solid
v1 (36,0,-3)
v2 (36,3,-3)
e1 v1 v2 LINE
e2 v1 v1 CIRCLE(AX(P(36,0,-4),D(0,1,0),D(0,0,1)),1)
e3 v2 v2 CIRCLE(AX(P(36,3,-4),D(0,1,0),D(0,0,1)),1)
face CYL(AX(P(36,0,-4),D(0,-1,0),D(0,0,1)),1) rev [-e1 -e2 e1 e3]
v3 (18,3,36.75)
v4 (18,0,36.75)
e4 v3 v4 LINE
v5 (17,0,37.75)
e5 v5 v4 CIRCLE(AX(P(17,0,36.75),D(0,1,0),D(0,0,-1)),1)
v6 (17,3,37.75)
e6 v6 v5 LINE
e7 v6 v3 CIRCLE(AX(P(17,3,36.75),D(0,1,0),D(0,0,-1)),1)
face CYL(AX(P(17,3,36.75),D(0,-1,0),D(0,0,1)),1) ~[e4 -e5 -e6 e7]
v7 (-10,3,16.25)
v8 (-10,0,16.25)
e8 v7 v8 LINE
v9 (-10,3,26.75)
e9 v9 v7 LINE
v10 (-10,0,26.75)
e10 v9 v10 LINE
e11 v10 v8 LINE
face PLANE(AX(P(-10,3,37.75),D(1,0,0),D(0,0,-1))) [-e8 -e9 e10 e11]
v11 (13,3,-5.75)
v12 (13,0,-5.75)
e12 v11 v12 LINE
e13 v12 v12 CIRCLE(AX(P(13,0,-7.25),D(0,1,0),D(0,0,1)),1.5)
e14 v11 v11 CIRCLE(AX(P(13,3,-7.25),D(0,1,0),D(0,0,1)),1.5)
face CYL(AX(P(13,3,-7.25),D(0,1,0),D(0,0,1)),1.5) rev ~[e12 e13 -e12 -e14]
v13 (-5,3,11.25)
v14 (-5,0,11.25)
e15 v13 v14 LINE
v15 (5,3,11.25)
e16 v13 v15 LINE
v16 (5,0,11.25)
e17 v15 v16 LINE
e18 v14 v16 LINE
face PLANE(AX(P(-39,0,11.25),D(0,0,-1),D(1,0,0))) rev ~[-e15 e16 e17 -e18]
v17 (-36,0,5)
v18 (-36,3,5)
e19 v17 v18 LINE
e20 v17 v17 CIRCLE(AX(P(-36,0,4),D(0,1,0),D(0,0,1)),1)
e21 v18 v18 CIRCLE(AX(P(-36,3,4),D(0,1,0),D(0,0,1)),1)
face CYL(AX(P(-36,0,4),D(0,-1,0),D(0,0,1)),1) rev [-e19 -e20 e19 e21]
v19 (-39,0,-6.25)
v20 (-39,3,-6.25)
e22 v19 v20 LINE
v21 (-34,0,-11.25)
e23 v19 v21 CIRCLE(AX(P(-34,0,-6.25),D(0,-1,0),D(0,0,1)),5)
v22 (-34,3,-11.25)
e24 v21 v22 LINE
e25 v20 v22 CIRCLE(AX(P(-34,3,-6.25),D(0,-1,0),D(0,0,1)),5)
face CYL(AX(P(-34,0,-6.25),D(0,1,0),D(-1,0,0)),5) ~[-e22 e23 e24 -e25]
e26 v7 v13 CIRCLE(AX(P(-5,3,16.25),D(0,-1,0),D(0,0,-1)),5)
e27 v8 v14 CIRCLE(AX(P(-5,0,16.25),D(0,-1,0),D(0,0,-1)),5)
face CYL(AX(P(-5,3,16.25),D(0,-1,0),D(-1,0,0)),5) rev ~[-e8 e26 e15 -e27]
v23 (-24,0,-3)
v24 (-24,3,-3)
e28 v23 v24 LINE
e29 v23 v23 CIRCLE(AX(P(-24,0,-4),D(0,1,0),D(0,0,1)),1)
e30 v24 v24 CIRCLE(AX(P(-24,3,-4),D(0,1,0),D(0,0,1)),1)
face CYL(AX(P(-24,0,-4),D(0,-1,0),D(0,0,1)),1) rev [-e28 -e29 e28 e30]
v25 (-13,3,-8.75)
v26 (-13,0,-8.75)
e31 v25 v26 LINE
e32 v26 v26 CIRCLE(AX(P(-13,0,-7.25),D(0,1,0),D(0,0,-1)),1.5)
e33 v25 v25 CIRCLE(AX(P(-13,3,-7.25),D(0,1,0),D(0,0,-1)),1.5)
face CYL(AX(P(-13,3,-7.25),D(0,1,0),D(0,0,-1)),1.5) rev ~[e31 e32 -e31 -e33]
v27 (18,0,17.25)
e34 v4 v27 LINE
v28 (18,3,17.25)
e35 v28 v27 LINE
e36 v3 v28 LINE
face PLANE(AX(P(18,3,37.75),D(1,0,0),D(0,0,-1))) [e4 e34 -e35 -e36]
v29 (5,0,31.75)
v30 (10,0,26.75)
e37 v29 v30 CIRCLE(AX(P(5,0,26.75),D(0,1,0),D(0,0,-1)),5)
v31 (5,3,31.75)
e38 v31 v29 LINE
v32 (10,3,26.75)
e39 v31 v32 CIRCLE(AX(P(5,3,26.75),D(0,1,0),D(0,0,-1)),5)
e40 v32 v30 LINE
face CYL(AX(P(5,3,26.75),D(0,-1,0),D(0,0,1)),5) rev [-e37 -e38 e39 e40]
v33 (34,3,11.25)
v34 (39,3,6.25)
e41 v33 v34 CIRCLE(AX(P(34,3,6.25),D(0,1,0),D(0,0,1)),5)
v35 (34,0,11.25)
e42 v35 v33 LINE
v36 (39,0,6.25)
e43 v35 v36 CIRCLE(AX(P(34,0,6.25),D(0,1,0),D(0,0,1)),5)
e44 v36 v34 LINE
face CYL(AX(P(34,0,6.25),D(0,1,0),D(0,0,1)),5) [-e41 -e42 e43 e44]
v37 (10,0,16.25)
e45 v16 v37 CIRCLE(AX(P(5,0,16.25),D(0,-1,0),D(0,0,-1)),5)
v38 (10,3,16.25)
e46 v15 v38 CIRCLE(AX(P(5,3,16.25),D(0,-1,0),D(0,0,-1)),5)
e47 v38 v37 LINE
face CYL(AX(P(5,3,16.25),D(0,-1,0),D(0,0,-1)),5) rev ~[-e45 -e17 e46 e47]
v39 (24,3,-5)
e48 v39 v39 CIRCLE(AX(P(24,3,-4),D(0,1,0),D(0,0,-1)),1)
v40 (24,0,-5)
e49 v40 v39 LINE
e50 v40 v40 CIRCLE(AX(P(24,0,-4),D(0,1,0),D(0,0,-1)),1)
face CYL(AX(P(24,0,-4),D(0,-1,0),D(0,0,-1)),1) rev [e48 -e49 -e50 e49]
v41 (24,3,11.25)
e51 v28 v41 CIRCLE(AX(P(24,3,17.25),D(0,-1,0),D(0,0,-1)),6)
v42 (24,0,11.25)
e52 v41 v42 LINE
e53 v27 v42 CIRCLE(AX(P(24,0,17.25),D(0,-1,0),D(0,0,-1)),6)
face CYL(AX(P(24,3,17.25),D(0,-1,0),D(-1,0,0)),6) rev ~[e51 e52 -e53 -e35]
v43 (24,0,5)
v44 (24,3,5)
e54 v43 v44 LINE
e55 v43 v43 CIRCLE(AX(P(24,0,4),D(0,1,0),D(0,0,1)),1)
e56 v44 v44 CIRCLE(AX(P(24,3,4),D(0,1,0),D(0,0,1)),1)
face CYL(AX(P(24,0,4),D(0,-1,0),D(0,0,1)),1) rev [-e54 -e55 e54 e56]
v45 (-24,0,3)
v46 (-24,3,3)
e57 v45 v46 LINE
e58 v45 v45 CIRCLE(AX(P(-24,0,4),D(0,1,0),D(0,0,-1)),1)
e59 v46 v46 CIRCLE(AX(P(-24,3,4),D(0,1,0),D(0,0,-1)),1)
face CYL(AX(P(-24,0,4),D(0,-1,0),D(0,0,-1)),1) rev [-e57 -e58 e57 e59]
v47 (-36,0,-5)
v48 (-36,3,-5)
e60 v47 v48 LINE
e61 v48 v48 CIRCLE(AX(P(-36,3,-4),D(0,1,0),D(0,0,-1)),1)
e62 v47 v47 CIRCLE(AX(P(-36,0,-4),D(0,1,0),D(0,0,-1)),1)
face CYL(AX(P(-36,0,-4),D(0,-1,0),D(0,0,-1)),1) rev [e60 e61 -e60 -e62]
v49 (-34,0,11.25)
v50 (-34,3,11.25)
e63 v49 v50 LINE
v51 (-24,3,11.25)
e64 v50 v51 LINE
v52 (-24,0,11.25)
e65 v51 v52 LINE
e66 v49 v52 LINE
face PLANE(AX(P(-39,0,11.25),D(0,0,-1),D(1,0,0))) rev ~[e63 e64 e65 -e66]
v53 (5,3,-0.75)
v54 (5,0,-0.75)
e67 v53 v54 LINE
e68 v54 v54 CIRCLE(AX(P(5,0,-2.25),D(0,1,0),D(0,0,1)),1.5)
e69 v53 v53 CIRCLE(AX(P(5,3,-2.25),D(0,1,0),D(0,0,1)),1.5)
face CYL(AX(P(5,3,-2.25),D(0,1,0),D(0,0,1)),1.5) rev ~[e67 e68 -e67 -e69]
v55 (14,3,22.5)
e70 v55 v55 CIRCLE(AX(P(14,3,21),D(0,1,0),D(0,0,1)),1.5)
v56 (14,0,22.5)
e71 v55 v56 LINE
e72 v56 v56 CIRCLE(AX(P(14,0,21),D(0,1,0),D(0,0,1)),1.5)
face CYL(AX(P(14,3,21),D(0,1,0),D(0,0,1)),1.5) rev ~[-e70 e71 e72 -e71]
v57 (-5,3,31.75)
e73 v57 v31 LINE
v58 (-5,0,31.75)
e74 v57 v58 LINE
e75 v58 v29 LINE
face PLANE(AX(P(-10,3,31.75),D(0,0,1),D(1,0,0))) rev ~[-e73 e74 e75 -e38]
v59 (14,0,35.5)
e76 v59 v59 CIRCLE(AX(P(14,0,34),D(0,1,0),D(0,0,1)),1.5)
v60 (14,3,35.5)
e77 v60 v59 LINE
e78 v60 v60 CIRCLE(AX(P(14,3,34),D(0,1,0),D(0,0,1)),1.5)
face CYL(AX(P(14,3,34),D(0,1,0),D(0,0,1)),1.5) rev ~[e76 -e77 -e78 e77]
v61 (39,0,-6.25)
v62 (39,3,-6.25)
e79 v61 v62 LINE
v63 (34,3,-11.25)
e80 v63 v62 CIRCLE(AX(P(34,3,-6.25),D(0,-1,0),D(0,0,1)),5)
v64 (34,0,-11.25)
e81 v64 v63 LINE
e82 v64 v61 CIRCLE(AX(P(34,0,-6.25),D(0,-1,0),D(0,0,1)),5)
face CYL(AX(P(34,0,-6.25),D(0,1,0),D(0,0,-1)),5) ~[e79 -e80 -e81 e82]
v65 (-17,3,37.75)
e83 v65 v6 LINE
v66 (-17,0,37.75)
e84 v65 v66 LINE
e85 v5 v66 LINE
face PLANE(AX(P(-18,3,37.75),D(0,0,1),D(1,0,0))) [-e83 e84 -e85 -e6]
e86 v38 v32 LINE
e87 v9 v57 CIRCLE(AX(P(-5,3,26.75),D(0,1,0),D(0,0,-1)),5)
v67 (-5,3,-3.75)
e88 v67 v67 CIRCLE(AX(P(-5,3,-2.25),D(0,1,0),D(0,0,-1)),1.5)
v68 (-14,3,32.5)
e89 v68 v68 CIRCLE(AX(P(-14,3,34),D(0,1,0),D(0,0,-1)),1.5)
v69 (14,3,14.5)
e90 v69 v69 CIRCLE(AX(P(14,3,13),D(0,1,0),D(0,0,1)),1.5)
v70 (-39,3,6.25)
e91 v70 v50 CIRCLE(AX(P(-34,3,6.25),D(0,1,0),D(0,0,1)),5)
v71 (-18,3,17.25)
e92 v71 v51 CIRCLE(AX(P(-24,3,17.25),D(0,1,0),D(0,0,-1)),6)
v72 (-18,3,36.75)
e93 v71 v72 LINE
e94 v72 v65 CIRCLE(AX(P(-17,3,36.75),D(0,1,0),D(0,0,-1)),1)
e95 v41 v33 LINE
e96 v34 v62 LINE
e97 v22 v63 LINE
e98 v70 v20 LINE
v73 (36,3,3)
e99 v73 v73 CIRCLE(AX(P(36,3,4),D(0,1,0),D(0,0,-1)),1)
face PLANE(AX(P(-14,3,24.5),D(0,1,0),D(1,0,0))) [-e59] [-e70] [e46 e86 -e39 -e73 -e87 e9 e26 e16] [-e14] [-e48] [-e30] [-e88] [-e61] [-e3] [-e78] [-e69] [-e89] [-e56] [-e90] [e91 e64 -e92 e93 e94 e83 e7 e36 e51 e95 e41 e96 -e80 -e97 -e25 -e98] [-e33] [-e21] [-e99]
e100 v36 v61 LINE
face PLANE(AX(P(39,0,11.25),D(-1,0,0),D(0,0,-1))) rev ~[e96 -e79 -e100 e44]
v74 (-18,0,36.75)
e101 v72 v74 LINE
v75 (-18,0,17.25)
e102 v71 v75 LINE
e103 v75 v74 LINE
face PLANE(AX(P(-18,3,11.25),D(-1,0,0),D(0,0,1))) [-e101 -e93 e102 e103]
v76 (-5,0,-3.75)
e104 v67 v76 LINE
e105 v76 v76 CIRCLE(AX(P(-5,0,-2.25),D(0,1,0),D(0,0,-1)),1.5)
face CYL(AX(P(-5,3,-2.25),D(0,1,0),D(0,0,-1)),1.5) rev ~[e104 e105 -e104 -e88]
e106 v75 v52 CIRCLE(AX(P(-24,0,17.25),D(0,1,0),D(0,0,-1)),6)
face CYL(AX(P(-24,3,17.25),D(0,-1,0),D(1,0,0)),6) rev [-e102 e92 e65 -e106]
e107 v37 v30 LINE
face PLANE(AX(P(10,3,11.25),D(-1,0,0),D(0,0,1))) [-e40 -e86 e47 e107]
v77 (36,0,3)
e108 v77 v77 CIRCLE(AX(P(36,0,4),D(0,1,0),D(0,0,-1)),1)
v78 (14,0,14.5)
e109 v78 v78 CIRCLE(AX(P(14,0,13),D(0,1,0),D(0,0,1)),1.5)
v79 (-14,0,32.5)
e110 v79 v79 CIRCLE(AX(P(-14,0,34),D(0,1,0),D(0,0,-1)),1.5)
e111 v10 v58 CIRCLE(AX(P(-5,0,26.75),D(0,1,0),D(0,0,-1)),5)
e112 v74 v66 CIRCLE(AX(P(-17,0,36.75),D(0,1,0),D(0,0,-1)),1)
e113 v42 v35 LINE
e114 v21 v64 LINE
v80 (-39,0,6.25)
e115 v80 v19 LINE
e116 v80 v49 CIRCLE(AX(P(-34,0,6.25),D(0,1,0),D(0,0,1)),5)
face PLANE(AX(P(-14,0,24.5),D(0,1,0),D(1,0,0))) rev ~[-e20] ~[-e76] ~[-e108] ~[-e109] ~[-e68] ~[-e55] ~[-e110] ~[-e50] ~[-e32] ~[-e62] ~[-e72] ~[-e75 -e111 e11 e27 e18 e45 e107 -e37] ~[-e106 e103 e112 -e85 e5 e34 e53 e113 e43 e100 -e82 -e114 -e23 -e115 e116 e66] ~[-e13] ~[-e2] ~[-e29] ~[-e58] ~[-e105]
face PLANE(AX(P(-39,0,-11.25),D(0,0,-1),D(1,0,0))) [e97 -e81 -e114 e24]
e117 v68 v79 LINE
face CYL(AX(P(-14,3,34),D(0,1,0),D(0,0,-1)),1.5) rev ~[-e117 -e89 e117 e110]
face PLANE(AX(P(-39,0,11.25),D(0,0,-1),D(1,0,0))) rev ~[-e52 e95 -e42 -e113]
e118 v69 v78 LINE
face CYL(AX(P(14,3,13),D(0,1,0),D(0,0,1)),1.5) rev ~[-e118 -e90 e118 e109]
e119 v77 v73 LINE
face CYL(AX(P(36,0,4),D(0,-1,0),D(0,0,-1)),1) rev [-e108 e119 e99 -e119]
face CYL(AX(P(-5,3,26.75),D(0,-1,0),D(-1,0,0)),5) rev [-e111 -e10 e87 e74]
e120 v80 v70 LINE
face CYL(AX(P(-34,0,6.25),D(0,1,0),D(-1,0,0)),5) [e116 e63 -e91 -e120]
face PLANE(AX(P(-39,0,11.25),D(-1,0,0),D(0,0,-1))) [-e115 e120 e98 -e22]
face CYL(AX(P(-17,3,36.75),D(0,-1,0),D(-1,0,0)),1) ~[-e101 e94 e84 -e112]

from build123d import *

# Parameters (mm, degrees)
SKETCH_1_W          = 78
SKETCH_1_H          = 22.5
SKETCH_1_R          = 1
EXTRUDE_1_DEPTH     = 3
FILLET_1_R          = 5
SKETCH_2_R          = 1.5
SKETCH_2_W          = 20
SKETCH_2_H          = 6
EXTRUDE_2_DEPTH     = 3
SKETCH_4_R          = 1.5
CUT_EXTRUDE_1_DEPTH = 29.5
SKETCH_6_R          = 1.5
CUT_EXTRUDE_3_DEPTH = 39
FILLET_7_R          = 6
SKETCH_7_R          = 1.5
CUT_EXTRUDE_4_DEPTH = 10
FILLET_9_R          = 1
FILLET_10_R         = 5


with BuildPart() as part:
    # 草图1 → 凸台-拉伸1 (new body)
    with BuildSketch(Plane(origin=(0, 0, 0), x_dir=(1, 0, 0), z_dir=(0, 1, 0))):
        Rectangle(SKETCH_1_W, SKETCH_1_H)
        with Locations(Location((36, 4, 0), (0, 0, 270))):
            Circle(SKETCH_1_R, mode=Mode.SUBTRACT)
        with Locations(Location((24, 4, 0), (0, 0, 90))):
            Circle(SKETCH_1_R, mode=Mode.SUBTRACT)
        with Locations(Location((36, -4, 0), (0, 0, 90))):
            Circle(SKETCH_1_R, mode=Mode.SUBTRACT)
        with Locations(Location((24, -4, 0), (0, 0, 270))):
            Circle(SKETCH_1_R, mode=Mode.SUBTRACT)
        with Locations(Location((-24, -4, 0), (0, 0, 90))):
            Circle(SKETCH_1_R, mode=Mode.SUBTRACT)
        with Locations(Location((-36, -4, 0), (0, 0, 270))):
            Circle(SKETCH_1_R, mode=Mode.SUBTRACT)
        with Locations(Location((-24, 4, 0), (0, 0, 270))):
            Circle(SKETCH_1_R, mode=Mode.SUBTRACT)
        with Locations(Location((-36, 4, 0), (0, 0, 90))):
            Circle(SKETCH_1_R, mode=Mode.SUBTRACT)
    extrude(amount=EXTRUDE_1_DEPTH)

    # 圆角1
    fillet_1_edges = [part.edges().sort_by_distance(p)[0] for p in [
        (39, 1.5, 11.25),
        (-39, 1.5, 11.25),
        (-39, 1.5, -11.25),
        (39, 1.5, -11.25),
    ]]
    fillet(fillet_1_edges, radius=FILLET_1_R)

    # 草图2 → 凸台-拉伸2 (add)
    # profile 1 of 4: a face of its own
    with BuildSketch(Plane(origin=(0, 3, 0), x_dir=(1, 0, 0), z_dir=(0, 1, 0))):
        Polygon((-10, -31.75), (-10, -11.25), (-18, -11.25), (-18, -37.75), (-10, -37.75), align=None)
        with Locations((-14, -21)):
            Circle(SKETCH_2_R, mode=Mode.SUBTRACT)
    # profile 2 of 4: a face of its own
    with BuildSketch(Plane(origin=(0, 3, 0), x_dir=(1, 0, 0), z_dir=(0, 1, 0))):
        with Locations((-14, -21)):
            Circle(SKETCH_2_R)
    # profile 3 of 4: a face of its own
    with BuildSketch(Plane(origin=(0, 3, 0), x_dir=(1, 0, 0), z_dir=(0, 1, 0))):
        Polygon((18, -11.25), (10, -11.25), (10, -31.75), (10, -37.75), (18, -37.75), align=None)
        with Locations(Location((14, -21, 0), (0, 0, 270))):
            Circle(SKETCH_2_R, mode=Mode.SUBTRACT)
    # profile 4 of 4: a face of its own
    with BuildSketch(Plane(origin=(0, 3, 0), x_dir=(1, 0, 0), z_dir=(0, 1, 0))):
        with Locations((0, -34.75)):
            Rectangle(SKETCH_2_W, SKETCH_2_H)
    extrude(amount=-EXTRUDE_2_DEPTH)

    # 草图4 → 切除-拉伸1 (cut)
    with BuildSketch(Plane(origin=(0, 3, 0), x_dir=(1, 0, 0), z_dir=(0, 1, 0))):
        with Locations(Location((13, 7.25, 0), (0, 0, 270))):
            Circle(SKETCH_4_R)
        with Locations(Location((-13, 7.25, 0), (0, 0, 90))):
            Circle(SKETCH_4_R)
        with Locations(Location((5, 2.25, 0), (0, 0, 270))):
            Circle(SKETCH_4_R)
        with Locations(Location((-5, 2.25, 0), (0, 0, 90))):
            Circle(SKETCH_4_R)
    extrude(amount=-CUT_EXTRUDE_1_DEPTH, mode=Mode.SUBTRACT)

    # 草图6 → 切除-拉伸3 (cut)
    with BuildSketch(Plane(origin=(0, 3, 0), x_dir=(1, 0, 0), z_dir=(0, 1, 0))):
        with Locations(Location((14, -13, 0), (0, 0, 270))):
            Circle(SKETCH_6_R)
    extrude(amount=-CUT_EXTRUDE_3_DEPTH, mode=Mode.SUBTRACT)

    # 圆角7
    fillet_7_edges = [part.edges().sort_by_distance(p)[0] for p in [
        (-18, 1.5, 11.25),
        (18, 1.5, 11.25),
    ]]
    fillet(fillet_7_edges, radius=FILLET_7_R)

    # 草图7 → 切除-拉伸4 (cut)
    with BuildSketch(Plane(origin=(0, 3, 0), x_dir=(1, 0, 0), z_dir=(0, 1, 0))):
        with Locations(Location((14, -34, 0), (0, 0, 270))):
            Circle(SKETCH_7_R)
        with Locations(Location((-14, -34, 0), (0, 0, 90))):
            Circle(SKETCH_7_R)
    extrude(amount=-CUT_EXTRUDE_4_DEPTH, mode=Mode.SUBTRACT)

    # 圆角9
    fillet_9_edges = [part.edges().sort_by_distance(p)[0] for p in [
        (18, 1.5, 37.75),
        (-18, 1.5, 37.75),
    ]]
    fillet(fillet_9_edges, radius=FILLET_9_R)

    # 圆角10
    fillet_10_edges = [part.edges().sort_by_distance(p)[0] for p in [
        (-10, 1.5, 11.25),
        (-10, 1.5, 31.75),
        (10, 1.5, 31.75),
        (10, 1.5, 11.25),
    ]]
    fillet(fillet_10_edges, radius=FILLET_10_R)


solid = part.part
